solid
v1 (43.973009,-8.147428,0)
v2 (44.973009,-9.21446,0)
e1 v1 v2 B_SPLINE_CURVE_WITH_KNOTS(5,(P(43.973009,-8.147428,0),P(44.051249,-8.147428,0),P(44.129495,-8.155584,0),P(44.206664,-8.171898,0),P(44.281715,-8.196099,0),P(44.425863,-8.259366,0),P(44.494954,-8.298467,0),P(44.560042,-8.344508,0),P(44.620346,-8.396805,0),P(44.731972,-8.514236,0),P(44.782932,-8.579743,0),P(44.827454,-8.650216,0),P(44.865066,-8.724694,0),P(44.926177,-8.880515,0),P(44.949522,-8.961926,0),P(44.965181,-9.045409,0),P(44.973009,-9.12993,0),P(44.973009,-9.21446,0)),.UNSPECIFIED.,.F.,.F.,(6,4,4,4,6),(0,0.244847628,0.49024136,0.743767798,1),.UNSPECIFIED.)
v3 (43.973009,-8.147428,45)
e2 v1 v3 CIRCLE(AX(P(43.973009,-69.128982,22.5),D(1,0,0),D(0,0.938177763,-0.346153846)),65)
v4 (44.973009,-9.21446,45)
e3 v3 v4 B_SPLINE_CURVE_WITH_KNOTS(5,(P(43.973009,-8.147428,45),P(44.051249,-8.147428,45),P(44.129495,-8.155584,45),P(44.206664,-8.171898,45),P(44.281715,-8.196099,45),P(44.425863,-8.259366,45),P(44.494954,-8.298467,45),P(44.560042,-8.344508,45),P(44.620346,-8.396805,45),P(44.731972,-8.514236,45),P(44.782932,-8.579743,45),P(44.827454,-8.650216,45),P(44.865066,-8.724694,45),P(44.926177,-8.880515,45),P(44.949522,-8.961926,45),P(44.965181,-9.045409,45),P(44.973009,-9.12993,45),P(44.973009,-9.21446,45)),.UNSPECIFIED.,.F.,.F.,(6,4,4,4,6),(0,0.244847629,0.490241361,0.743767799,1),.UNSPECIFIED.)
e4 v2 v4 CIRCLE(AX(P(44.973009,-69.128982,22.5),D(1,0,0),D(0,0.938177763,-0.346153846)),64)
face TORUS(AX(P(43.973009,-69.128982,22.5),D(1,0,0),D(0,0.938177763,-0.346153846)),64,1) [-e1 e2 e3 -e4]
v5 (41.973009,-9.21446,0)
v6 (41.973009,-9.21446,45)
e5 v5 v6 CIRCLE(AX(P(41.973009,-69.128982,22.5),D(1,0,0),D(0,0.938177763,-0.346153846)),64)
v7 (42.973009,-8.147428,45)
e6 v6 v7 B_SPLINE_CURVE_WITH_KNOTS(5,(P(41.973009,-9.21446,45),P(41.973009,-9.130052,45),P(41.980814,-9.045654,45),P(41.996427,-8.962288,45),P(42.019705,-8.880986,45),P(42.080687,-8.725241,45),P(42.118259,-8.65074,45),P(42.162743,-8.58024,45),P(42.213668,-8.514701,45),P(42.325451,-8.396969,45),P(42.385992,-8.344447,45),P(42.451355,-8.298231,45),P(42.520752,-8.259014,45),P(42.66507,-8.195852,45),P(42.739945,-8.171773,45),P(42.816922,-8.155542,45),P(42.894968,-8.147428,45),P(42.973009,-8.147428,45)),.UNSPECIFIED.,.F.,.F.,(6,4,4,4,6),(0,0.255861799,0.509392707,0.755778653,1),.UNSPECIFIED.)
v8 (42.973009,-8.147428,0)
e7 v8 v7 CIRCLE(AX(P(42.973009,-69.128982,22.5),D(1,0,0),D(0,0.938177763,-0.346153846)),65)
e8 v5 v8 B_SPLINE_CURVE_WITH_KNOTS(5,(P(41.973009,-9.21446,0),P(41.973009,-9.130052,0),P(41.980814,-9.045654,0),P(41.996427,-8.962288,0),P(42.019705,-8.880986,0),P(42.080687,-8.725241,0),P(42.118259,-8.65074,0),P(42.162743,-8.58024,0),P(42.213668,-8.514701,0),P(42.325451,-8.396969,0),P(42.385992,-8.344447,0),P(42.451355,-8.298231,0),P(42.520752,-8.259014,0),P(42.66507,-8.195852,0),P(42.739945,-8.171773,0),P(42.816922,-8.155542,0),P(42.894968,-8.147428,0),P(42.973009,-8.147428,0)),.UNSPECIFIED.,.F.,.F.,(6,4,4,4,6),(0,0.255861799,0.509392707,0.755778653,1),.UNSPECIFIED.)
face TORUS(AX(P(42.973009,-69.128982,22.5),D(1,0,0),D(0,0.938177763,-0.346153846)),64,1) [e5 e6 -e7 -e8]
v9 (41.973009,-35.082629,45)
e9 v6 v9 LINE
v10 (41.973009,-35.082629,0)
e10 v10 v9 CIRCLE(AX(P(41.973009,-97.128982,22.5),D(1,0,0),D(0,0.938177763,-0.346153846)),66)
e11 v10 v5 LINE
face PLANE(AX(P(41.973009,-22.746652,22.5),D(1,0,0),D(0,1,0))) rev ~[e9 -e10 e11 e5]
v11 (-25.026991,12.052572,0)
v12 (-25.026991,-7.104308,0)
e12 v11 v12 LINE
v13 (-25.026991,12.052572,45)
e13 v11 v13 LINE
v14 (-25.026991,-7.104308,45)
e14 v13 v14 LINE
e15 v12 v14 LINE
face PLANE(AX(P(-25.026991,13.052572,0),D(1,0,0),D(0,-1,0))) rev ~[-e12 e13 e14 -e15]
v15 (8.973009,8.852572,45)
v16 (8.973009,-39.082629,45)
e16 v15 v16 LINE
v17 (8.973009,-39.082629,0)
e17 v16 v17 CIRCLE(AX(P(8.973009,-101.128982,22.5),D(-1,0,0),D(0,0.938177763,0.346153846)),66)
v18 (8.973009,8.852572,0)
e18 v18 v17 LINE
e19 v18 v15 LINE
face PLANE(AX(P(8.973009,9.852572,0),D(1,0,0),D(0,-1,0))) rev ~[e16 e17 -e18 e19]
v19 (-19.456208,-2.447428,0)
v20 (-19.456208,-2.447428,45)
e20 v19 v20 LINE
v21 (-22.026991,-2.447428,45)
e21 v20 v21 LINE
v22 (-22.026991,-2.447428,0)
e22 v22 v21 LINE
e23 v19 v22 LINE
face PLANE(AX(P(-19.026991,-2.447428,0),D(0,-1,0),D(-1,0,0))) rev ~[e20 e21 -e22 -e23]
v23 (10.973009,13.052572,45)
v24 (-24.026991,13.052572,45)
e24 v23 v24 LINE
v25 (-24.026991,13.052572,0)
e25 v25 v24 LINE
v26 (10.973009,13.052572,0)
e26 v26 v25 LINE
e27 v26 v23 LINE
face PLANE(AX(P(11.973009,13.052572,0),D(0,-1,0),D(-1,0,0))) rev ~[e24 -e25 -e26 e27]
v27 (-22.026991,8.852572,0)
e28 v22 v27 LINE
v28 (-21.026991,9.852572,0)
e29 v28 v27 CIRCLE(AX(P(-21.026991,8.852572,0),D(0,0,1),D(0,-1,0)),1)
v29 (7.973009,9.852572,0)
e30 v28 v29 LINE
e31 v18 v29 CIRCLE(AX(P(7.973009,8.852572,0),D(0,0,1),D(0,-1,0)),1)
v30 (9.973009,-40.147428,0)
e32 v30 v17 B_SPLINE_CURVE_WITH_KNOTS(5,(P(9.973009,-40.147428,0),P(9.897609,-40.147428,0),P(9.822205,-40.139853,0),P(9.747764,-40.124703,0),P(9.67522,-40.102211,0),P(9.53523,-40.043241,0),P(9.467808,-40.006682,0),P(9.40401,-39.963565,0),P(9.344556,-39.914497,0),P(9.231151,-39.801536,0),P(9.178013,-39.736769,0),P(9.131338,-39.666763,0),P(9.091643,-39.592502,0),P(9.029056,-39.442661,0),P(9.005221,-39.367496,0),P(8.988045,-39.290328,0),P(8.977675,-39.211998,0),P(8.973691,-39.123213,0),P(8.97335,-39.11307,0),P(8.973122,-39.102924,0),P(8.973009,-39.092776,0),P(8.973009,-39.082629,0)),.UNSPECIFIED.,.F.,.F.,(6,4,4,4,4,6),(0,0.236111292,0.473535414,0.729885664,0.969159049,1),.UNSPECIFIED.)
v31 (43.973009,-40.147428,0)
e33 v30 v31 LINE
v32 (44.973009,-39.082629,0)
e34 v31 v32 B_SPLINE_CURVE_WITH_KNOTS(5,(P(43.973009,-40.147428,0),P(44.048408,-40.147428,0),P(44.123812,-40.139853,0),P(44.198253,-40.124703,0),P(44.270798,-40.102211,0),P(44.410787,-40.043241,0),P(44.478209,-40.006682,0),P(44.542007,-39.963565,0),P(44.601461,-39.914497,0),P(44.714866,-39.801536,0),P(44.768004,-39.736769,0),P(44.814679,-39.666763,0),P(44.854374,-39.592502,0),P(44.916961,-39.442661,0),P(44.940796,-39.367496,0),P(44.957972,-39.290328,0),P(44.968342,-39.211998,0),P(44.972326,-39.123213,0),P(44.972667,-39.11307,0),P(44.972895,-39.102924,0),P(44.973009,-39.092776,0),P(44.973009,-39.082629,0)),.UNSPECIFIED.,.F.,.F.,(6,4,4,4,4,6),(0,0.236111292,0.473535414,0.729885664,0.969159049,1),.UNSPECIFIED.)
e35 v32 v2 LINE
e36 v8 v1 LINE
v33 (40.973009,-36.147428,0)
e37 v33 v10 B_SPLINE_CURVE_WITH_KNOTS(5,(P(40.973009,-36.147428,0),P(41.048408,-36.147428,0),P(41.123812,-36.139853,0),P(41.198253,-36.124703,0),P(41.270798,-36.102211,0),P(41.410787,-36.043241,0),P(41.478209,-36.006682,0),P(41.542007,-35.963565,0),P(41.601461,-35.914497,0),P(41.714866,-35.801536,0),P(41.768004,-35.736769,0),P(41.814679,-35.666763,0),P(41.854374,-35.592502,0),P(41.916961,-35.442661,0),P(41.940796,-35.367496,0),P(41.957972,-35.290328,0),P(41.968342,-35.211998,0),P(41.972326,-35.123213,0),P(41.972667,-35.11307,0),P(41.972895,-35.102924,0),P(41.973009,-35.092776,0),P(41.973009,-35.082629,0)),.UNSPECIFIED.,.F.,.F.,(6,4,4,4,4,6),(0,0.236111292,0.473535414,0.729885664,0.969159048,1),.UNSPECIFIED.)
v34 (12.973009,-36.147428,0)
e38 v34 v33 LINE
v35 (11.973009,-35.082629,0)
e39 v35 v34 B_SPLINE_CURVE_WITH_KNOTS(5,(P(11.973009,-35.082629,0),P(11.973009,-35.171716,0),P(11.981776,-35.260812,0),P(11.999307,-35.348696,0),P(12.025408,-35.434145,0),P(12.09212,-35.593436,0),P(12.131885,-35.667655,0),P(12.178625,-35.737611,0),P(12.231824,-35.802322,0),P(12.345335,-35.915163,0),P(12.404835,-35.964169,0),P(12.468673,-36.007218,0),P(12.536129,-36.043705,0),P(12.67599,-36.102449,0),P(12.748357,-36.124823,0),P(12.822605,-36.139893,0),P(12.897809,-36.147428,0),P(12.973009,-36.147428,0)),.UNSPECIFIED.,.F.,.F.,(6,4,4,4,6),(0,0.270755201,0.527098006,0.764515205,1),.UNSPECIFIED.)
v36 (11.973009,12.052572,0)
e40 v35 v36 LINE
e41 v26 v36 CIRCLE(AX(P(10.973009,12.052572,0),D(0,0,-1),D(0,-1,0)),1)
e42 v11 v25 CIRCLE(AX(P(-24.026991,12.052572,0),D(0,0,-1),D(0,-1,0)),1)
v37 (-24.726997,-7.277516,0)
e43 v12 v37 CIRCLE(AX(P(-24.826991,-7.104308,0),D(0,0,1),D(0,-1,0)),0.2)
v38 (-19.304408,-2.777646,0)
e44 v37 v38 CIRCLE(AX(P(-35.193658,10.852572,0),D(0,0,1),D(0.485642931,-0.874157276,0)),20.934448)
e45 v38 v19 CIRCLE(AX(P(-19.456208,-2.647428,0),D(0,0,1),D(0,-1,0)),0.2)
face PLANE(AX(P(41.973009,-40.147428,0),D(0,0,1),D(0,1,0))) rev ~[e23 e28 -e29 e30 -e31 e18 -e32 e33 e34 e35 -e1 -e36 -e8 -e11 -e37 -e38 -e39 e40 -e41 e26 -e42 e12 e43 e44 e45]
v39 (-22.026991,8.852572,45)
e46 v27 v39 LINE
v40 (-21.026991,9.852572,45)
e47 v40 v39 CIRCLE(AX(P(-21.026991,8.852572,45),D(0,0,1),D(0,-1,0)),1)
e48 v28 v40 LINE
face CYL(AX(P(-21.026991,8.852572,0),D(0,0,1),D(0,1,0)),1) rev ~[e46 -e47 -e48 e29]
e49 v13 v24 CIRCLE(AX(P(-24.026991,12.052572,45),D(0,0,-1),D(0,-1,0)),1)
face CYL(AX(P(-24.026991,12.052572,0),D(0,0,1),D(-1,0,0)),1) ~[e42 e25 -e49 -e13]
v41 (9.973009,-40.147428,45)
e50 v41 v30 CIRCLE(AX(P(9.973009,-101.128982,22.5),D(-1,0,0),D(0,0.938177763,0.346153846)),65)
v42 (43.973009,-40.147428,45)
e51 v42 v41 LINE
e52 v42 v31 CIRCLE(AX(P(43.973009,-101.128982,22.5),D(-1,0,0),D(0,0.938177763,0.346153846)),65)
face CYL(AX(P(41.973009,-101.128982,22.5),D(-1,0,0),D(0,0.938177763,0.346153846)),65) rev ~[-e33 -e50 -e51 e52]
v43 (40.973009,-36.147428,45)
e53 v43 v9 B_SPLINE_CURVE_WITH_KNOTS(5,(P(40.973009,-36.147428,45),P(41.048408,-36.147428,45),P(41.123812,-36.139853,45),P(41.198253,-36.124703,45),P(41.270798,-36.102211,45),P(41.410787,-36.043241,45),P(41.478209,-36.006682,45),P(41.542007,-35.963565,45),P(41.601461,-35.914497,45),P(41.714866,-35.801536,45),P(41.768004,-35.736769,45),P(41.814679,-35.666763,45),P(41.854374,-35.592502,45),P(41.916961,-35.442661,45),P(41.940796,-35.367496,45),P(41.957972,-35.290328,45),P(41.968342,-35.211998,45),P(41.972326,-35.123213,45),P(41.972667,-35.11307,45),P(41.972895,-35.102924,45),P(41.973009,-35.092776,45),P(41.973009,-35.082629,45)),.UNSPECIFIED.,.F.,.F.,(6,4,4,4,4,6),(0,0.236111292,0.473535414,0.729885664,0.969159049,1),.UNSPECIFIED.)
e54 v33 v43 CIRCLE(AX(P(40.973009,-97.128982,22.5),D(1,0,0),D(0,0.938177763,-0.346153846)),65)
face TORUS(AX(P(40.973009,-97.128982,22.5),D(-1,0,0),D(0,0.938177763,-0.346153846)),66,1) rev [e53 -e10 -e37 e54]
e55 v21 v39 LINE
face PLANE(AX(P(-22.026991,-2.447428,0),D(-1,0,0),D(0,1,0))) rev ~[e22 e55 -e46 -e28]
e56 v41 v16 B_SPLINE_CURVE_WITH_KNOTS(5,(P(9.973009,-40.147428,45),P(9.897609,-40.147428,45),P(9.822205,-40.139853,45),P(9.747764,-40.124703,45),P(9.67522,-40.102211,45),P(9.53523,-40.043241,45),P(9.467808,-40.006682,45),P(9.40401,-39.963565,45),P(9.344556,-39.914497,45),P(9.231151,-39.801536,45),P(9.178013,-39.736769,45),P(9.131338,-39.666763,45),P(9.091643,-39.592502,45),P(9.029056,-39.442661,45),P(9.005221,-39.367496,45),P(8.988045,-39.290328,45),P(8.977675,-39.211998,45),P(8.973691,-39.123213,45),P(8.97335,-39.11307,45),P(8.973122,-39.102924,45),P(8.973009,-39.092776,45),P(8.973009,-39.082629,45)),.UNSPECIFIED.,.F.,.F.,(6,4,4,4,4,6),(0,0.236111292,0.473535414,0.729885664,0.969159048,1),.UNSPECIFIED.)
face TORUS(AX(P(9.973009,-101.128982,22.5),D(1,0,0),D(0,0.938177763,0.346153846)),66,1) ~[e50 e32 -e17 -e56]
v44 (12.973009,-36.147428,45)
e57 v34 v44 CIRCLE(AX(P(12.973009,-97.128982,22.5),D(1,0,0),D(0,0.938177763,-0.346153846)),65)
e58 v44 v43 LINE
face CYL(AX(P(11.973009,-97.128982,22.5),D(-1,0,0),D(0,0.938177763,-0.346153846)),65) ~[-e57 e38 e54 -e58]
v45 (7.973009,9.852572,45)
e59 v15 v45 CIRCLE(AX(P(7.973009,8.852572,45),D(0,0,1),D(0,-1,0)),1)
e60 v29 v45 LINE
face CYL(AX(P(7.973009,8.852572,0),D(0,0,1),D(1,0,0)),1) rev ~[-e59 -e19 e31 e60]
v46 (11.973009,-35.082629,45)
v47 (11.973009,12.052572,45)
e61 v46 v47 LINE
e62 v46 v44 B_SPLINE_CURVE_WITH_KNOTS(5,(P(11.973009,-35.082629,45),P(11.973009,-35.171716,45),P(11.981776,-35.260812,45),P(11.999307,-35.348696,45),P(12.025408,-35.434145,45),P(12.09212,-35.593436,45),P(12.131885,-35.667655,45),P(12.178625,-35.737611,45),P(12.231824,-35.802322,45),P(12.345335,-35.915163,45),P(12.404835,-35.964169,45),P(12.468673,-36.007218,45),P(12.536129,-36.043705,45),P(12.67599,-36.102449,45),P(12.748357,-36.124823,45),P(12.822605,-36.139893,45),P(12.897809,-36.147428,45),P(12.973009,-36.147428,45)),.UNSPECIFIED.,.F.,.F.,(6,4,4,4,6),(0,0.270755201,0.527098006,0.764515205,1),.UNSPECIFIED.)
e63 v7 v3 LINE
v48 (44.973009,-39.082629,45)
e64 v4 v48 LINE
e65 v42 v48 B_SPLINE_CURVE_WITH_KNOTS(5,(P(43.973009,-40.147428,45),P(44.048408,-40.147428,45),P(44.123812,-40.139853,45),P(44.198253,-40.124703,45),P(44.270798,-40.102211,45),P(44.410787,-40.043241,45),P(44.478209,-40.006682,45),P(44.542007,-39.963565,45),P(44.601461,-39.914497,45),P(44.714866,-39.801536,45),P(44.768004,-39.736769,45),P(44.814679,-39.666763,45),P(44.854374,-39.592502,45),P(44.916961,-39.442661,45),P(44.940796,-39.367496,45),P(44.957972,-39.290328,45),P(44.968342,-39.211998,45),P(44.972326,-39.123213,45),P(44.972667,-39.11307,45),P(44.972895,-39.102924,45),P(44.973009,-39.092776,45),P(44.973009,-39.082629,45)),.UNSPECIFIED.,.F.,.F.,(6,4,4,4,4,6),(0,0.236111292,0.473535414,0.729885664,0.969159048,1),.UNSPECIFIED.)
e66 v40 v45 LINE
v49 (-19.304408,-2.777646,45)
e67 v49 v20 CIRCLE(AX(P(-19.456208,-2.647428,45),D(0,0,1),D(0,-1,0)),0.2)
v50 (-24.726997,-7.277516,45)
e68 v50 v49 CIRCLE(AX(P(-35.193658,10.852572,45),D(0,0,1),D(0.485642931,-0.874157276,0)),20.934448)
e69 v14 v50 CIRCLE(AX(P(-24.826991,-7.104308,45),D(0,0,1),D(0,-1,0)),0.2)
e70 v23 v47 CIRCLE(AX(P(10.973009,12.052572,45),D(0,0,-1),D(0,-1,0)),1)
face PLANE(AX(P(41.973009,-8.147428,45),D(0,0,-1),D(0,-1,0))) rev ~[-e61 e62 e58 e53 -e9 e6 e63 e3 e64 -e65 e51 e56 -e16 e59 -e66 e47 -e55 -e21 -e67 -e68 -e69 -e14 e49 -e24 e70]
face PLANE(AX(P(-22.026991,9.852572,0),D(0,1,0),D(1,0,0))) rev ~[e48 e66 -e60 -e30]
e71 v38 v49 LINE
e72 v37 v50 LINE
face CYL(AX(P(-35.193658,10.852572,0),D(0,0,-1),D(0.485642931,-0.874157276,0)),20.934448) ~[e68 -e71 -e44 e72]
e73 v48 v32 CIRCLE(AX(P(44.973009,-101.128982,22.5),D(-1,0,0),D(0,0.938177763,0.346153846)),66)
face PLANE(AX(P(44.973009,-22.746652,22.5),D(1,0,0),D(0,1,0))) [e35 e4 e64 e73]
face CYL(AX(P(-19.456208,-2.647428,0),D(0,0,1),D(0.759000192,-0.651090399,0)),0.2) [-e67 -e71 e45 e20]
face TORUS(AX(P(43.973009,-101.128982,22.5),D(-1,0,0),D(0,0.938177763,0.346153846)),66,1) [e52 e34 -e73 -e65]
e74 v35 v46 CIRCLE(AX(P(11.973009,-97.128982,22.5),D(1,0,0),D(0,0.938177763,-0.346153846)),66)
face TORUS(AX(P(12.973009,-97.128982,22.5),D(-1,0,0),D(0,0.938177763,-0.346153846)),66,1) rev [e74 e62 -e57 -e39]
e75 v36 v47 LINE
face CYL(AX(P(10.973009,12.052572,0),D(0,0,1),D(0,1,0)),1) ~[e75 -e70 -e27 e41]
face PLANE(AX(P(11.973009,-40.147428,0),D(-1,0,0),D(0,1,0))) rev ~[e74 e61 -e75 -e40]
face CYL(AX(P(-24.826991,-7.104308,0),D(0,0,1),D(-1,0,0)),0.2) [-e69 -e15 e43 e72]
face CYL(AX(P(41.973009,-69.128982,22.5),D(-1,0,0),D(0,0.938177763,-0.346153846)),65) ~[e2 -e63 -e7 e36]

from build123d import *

# Parameters (mm, degrees)
F1_DEPTH = 45
F3_DEPTH = 30
F4_DEPTH = 3
F6_DEPTH = 3
F7_R     = 1
F8_R     = 0.2


with BuildPart() as f1:
    # F0 (on Top) → F1 (new body)
    with BuildSketch(Plane.XY):
        with BuildLine():
            Line((-22.0269914716, 9.8525723957), (8.9730085284, 9.8525723957))
            Line((8.9730085284, 9.8525723957), (8.9730085284, -40.1474276043))
            Line((8.9730085284, -40.1474276043), (11.9730085284, -40.1474276043))
            Line((11.9730085284, -40.1474276043), (11.9730085284, 13.0525723957))
            Line((11.9730085284, 13.0525723957), (-25.0269914716, 13.0525723957))
            Line((-25.0269914716, 13.0525723957), (-25.0269914716, -7.4474276043))
            ThreePointArc((-25.0269914716, -7.4474276043), (-21.791751143, -5.2297159987), (-19.0269914716, -2.4474276043))
            Line((-19.0269914716, -2.4474276043), (-22.0269914716, -2.4474276043))
            Line((-22.0269914716, -2.4474276043), (-22.0269914716, 9.8525723957))
        make_face()
    extrude(amount=F1_DEPTH)

    # F2 (on face) → F3 (join)
    with BuildSketch(Plane.YZ.offset(11.9730085284)):
        with BuildLine():
            Line((-40.1474276043, 0), (-36.1474276043, 0))
            ThreePointArc((-36.1474276043, 0), (-32.1289821926, 22.5), (-36.1474276043, 45))
            Line((-36.1474276043, 45), (-40.1474276043, 45))
            ThreePointArc((-40.1474276043, 45), (-36.1289821926, 22.5), (-40.1474276043, 0))
        make_face()
    extrude(amount=F3_DEPTH)

    # F4 (cut): a face of the model
    f4_faces = [f1.faces().sort_by_distance(p)[0] for p in [
        (11.9730085284, -38.5357130978, 22.5),
    ]]
    extrude(f4_faces, amount=-F4_DEPTH, mode=Mode.SUBTRACT)

    # F5 (on face) → F6 (join)
    with BuildSketch(Plane.YZ.offset(41.9730085284)):
        with BuildLine():
            ThreePointArc((-40.1474276043, 45), (-36.1289821926, 22.5), (-40.1474276043, 0))
            Line((-40.1474276043, 0), (-8.1474276043, 0))
            ThreePointArc((-8.1474276043, 0), (-4.1289821926, 22.5), (-8.1474276043, 45))
            Line((-8.1474276043, 45), (-40.1474276043, 45))
        make_face()
    extrude(amount=F6_DEPTH)

    # F7
    f7_edges = [f1.edges().sort_by_distance(p)[0] for p in [
        (11.973009, 13.052572, 22.5),
        (-25.026991, 13.052572, 22.5),
        (-22.026991, 9.852572, 22.5),
        (8.973009, 9.852572, 22.5),
        (8.973009, -36.128982, 22.5),
        (44.973009, -36.128982, 22.5),
        (44.973009, -4.128982, 22.5),
        (41.973009, -4.128982, 22.5),
        (41.973009, -32.128982, 22.5),
        (11.973009, -32.128982, 22.5),
    ]]
    fillet(f7_edges, radius=F7_R)

    # F8
    f8_edges = [f1.edges().sort_by_distance(p)[0] for p in [
        (-19.026991, -2.447428, 22.5),
        (-25.026991, -7.447428, 22.5),
    ]]
    fillet(f8_edges, radius=F8_R)


solid = f1.part
